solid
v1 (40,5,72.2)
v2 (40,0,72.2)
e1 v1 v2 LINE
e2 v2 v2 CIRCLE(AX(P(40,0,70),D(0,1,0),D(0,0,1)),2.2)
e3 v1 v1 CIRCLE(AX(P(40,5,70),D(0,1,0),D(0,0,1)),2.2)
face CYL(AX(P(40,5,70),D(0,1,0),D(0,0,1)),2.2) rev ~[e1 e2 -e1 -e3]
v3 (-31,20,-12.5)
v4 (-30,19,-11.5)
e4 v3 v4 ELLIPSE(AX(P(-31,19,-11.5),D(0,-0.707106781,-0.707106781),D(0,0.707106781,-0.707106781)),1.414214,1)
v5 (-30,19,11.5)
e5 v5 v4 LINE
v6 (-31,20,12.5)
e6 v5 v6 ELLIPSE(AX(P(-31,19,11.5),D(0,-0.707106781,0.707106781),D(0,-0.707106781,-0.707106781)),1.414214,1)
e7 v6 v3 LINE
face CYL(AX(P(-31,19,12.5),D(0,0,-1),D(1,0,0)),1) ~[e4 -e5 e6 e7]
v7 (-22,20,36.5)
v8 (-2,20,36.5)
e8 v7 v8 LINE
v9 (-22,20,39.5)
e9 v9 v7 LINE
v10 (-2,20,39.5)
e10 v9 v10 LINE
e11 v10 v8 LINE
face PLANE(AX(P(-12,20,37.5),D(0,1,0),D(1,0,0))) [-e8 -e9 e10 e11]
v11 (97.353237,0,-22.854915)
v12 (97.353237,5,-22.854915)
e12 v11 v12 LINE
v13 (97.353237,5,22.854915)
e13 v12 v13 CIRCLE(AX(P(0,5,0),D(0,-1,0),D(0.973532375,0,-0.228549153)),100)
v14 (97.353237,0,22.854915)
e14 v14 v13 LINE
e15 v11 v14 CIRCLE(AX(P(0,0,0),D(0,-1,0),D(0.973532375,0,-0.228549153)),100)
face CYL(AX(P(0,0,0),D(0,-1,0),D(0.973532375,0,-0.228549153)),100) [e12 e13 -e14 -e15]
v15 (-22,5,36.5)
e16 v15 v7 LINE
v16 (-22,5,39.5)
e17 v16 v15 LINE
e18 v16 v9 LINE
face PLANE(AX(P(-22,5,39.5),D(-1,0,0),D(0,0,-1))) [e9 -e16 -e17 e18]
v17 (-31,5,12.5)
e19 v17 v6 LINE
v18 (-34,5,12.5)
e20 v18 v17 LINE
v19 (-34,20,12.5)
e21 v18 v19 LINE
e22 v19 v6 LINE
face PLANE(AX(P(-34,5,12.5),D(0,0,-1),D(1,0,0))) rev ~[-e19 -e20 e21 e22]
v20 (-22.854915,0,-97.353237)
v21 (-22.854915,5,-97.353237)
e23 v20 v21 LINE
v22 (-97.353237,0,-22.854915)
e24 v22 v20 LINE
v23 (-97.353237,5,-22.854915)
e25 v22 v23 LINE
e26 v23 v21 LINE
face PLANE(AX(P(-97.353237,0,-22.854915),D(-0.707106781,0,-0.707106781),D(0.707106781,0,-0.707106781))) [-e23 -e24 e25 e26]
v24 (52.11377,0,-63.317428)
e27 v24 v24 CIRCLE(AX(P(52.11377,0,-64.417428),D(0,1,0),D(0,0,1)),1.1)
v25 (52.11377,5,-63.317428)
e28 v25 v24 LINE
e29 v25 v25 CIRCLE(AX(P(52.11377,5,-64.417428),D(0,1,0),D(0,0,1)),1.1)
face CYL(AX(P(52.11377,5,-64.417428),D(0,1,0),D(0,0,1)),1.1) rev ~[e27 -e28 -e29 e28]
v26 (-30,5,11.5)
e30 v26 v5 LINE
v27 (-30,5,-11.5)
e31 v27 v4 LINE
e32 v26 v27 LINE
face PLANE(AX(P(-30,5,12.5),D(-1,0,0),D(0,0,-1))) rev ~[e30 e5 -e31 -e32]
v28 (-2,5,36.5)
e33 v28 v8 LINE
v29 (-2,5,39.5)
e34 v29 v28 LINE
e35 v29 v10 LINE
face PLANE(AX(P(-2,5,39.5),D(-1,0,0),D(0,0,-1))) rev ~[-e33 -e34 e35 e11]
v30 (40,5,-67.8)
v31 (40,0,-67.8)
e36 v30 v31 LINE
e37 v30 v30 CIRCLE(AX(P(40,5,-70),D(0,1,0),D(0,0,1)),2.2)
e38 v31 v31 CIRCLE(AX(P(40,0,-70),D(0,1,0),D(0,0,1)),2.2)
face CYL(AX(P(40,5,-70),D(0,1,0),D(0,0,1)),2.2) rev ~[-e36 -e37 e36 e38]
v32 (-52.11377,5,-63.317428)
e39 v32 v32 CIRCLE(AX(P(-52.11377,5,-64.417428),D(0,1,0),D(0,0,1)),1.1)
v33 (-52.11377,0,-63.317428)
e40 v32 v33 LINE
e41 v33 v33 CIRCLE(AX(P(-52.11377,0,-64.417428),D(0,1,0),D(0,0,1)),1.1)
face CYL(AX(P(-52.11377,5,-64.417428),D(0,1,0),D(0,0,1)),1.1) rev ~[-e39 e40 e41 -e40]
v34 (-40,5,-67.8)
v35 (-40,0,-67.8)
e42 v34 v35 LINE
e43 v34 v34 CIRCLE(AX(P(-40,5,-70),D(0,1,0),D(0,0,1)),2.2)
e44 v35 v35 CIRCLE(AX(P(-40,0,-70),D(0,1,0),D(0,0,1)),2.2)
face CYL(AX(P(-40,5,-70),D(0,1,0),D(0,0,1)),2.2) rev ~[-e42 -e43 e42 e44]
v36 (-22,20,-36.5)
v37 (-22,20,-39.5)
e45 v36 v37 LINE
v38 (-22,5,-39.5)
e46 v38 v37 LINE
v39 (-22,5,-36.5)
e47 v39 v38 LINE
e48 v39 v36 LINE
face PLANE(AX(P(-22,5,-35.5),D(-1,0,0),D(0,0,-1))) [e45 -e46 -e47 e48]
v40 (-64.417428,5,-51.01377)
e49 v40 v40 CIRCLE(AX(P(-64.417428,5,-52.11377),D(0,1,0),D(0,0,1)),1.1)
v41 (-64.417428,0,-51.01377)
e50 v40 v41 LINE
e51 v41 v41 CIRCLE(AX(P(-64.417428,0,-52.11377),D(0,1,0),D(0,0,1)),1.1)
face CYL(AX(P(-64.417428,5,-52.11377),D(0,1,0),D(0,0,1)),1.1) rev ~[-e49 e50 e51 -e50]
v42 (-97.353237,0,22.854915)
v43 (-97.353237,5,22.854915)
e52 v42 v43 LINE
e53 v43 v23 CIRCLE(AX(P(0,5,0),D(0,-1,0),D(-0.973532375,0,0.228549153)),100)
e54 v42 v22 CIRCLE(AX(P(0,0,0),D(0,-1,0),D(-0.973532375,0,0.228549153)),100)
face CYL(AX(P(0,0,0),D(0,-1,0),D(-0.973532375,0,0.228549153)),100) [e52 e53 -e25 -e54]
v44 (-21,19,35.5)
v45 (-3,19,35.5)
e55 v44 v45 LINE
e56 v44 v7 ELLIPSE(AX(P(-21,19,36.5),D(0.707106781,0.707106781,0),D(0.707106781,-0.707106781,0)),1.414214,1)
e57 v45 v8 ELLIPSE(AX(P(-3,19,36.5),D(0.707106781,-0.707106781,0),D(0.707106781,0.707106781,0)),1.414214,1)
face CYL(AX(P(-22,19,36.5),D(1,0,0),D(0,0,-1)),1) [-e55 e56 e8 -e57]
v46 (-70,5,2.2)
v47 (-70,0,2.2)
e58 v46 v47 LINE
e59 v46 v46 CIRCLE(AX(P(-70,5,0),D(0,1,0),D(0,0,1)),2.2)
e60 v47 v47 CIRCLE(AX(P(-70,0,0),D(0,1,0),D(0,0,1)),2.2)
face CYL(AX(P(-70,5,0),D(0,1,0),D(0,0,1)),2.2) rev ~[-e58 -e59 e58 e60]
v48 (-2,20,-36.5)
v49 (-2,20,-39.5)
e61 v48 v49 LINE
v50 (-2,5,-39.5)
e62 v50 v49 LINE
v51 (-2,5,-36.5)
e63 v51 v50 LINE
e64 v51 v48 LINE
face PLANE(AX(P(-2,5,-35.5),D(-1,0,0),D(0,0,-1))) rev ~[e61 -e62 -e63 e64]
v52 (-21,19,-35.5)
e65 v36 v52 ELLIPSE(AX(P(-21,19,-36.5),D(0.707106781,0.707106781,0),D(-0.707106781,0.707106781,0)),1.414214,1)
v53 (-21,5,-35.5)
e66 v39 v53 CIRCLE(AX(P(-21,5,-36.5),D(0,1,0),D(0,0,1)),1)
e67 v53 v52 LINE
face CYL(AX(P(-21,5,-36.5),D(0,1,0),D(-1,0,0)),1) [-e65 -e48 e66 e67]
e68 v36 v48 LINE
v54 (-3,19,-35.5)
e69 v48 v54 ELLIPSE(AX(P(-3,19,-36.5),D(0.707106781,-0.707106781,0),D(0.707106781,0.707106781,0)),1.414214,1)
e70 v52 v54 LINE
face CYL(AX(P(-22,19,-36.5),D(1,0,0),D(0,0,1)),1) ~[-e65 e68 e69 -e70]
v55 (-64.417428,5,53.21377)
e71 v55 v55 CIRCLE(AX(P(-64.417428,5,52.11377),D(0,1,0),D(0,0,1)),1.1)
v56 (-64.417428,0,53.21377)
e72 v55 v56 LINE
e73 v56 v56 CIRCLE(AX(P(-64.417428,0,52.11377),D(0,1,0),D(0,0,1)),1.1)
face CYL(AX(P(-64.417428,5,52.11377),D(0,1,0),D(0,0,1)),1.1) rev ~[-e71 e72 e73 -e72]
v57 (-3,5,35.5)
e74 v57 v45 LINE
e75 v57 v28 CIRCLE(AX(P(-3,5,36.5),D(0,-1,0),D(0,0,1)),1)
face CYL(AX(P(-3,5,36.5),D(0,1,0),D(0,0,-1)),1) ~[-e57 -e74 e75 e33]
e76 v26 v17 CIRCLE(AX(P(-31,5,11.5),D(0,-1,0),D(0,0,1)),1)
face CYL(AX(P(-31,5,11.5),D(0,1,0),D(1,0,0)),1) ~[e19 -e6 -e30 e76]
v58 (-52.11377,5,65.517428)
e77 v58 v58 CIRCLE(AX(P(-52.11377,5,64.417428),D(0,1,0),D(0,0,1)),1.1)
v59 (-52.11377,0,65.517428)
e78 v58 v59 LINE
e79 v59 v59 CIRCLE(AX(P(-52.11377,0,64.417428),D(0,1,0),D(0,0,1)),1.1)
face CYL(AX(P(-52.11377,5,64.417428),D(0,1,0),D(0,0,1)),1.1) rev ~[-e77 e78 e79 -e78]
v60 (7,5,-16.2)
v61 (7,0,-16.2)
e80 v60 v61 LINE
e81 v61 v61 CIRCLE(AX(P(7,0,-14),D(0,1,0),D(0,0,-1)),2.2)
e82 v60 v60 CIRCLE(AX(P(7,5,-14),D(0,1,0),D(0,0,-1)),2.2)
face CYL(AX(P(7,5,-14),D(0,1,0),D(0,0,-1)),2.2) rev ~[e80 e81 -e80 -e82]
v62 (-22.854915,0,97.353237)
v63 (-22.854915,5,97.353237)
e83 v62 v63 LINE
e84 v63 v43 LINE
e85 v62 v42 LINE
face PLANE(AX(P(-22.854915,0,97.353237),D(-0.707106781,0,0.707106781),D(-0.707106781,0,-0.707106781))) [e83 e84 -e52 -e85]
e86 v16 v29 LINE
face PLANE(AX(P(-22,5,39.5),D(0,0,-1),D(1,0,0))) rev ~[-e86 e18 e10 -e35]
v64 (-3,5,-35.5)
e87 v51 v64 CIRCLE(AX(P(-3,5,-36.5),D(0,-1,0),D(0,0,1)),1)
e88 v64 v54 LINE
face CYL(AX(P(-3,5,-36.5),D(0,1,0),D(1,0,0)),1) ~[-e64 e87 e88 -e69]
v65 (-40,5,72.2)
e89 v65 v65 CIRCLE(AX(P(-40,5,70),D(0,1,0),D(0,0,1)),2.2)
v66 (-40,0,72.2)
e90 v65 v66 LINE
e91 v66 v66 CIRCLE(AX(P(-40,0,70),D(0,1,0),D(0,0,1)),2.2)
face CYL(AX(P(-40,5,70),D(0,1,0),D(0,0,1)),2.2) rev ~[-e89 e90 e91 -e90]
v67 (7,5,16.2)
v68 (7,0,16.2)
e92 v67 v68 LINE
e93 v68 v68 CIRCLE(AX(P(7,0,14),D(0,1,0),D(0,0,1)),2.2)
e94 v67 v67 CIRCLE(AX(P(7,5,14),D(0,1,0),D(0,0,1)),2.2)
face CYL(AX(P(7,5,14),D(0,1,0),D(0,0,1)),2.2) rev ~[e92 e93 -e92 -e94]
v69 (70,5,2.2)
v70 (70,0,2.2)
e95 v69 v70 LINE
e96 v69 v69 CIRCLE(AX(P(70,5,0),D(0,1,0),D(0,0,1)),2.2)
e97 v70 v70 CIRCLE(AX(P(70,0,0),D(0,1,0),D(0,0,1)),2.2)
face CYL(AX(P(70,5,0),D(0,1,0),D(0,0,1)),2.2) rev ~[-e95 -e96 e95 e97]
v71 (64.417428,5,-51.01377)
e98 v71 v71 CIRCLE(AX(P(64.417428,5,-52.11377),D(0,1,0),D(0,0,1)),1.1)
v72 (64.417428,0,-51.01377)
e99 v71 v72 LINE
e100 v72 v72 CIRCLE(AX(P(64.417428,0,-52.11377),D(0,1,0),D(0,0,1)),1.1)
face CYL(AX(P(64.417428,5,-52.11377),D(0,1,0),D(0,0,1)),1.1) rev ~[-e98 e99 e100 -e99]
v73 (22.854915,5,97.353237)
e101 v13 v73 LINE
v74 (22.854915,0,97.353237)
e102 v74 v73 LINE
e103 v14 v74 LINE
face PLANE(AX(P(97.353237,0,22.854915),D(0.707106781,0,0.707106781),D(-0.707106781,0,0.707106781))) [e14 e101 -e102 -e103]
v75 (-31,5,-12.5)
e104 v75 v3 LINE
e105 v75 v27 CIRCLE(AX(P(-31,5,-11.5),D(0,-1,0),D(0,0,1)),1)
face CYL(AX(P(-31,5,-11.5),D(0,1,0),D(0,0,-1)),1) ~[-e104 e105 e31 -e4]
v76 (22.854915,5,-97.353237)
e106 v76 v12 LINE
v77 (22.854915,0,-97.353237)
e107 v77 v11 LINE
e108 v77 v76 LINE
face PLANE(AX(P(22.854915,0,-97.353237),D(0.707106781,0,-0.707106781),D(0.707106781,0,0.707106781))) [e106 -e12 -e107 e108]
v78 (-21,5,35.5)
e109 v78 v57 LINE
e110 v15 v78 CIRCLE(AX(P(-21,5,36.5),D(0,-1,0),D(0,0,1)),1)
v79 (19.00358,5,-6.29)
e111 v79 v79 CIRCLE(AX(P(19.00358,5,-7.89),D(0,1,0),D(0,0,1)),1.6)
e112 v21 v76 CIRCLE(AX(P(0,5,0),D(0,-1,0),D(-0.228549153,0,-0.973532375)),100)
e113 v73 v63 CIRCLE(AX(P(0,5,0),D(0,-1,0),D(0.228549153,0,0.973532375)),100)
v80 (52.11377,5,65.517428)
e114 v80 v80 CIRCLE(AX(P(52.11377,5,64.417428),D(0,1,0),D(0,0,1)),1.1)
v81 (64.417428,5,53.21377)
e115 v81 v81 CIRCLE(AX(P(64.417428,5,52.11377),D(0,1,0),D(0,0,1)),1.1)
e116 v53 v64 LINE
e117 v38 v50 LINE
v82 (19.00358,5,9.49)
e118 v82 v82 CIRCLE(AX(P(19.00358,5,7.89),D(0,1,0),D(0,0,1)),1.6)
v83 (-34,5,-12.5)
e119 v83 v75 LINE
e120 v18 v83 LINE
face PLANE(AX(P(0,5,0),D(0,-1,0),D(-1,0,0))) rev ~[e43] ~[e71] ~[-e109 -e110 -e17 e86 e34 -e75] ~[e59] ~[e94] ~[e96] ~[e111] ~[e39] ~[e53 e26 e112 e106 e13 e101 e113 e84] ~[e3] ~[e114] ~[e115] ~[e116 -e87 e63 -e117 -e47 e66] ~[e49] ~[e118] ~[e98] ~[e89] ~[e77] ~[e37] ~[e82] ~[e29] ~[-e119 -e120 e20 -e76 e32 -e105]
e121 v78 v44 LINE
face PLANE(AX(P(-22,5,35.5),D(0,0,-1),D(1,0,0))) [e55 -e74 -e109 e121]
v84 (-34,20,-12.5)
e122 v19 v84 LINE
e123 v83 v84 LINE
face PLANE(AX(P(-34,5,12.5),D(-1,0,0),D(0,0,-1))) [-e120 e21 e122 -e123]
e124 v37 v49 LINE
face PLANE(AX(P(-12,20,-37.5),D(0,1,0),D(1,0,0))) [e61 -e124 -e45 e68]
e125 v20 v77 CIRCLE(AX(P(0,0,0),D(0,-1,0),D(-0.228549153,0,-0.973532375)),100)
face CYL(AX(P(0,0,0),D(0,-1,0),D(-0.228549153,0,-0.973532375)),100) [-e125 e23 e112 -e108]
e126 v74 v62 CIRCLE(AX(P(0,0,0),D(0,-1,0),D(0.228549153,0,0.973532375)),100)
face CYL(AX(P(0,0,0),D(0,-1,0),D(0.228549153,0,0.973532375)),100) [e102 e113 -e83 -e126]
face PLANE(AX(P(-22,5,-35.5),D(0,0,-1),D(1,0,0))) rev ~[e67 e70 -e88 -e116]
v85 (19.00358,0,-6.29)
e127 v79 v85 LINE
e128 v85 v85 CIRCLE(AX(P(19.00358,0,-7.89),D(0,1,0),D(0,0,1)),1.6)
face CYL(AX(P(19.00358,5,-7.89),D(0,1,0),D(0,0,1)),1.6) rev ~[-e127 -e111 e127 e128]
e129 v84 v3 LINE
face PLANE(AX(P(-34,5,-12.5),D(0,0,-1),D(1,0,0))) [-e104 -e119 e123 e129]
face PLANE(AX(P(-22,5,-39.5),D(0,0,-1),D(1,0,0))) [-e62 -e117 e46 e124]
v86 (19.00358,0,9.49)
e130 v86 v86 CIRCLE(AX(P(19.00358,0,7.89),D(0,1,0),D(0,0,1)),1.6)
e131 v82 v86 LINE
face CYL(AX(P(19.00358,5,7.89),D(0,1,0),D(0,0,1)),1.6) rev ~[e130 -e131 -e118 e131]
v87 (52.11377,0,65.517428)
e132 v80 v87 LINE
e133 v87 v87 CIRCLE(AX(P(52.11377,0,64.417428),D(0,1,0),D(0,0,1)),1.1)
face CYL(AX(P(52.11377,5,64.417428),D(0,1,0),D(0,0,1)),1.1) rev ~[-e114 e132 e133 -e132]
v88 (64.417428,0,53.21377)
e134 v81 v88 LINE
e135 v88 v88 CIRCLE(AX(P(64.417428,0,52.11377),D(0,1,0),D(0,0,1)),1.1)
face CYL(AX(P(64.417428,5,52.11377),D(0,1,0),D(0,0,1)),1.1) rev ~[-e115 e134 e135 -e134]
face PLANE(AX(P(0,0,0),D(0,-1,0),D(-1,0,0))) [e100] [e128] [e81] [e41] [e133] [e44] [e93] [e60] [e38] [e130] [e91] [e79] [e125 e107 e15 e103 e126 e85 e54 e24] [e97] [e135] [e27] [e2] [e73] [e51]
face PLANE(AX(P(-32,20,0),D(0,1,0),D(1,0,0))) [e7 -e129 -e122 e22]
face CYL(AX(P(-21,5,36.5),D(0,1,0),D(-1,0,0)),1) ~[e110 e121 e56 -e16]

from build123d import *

# Parameters (mm, degrees)
BOSS_EXTRUDE1_DEPTH = 5
SKETCH2_R           = 2.2
CUT_EXTRUDE1_DEPTH  = 142.509716981
SKETCH3_R           = 1.1
SKETCH3_R_2         = 1.6
CUT_EXTRUDE3_DEPTH  = 142.509716981
SKETCH3_3_W         = 20
SKETCH3_3_H         = 4
SKETCH3_3_W_2       = 4
SKETCH3_3_H_2       = 25
BOSS_EXTRUDE2_DEPTH = 15
FILLET1_R           = 1


with BuildPart() as part:
    # Sketch1 → Boss-Extrude1 (new body)
    with BuildSketch(Plane(origin=(0, 0, 0), x_dir=(1, 0, 0), z_dir=(0, 1, 0))):
        with BuildLine():
            Line((97.353237465, -22.854915336), (22.854915336, -97.353237465))
            ThreePointArc((22.854915336, -97.353237465), (0, -100), (-22.854915336, -97.353237465))
            Line((-22.854915336, -97.353237465), (-97.353237465, -22.854915336))
            ThreePointArc((-97.353237465, -22.854915336), (-100, 0), (-97.353237465, 22.854915336))
            Line((-97.353237465, 22.854915336), (-22.854915336, 97.353237465))
            ThreePointArc((-22.854915336, 97.353237465), (0, 100), (22.854915336, 97.353237465))
            Line((22.854915336, 97.353237465), (97.353237465, 22.854915336))
            ThreePointArc((97.353237465, 22.854915336), (100, 0), (97.353237465, -22.854915336))
        make_face()
    extrude(amount=BOSS_EXTRUDE1_DEPTH)

    # Sketch2 → Cut-Extrude1 (cut, through all)
    with BuildSketch(Plane(origin=(0, 5, 0), x_dir=(1, 0, 0), z_dir=(0, 1, 0))):
        with Locations((-40, -70)):
            Circle(SKETCH2_R)
        with Locations((40, -70)):
            Circle(SKETCH2_R)
        with Locations((40, 70)):
            Circle(SKETCH2_R)
        with Locations((-40, 70)):
            Circle(SKETCH2_R)
        with Locations((-70, 0)):
            Circle(SKETCH2_R)
        with Locations((70, 0)):
            Circle(SKETCH2_R)
        with Locations((7, -14)):
            Circle(SKETCH2_R)
        with Locations((7, 14)):
            Circle(SKETCH2_R)
    extrude(amount=-CUT_EXTRUDE1_DEPTH, mode=Mode.SUBTRACT)

    # Sketch3 → Cut-Extrude3 (cut, through all)
    with BuildSketch(Plane(origin=(0, 5, 0), x_dir=(1, 0, 0), z_dir=(0, 1, 0))):
        with Locations((-52.113769773, 64.417427766)):
            Circle(SKETCH3_R)
        with Locations((-64.417427766, 52.113769773)):
            Circle(SKETCH3_R)
        with Locations((64.417427766, 52.113769773)):
            Circle(SKETCH3_R)
        with Locations((52.113769773, 64.417427766)):
            Circle(SKETCH3_R)
        with Locations((52.113769773, -64.417427766)):
            Circle(SKETCH3_R)
        with Locations((64.417427766, -52.113769773)):
            Circle(SKETCH3_R)
        with Locations((-64.417427766, -52.113769773)):
            Circle(SKETCH3_R)
        with Locations((-52.113769773, -64.417427766)):
            Circle(SKETCH3_R)
        with Locations((19.00358005, 7.89)):
            Circle(SKETCH3_R_2)
        with Locations((19.00358005, -7.89)):
            Circle(SKETCH3_R_2)
    extrude(amount=-CUT_EXTRUDE3_DEPTH, mode=Mode.SUBTRACT)

    # Sketch3<3> → Boss-Extrude2 (add)
    with BuildSketch(Plane(origin=(0, 5, 0), x_dir=(1, 0, 0), z_dir=(0, 1, 0))):
        with Locations((-12, 37.5)):
            Rectangle(SKETCH3_3_W, SKETCH3_3_H)
        with Locations((-32, 0)):
            Rectangle(SKETCH3_3_W_2, SKETCH3_3_H_2)
        with Locations((-12, -37.5)):
            Rectangle(SKETCH3_3_W, SKETCH3_3_H)
    extrude(amount=BOSS_EXTRUDE2_DEPTH)

    # Fillet1
    fillet1_edges = [part.edges().sort_by_distance(p)[0] for p in [
        (-22, 12.5, 35.5),
        (-2, 12.5, -35.5),
        (-12, 20, -35.5),
        (-22, 12.5, -35.5),
        (-2, 12.5, 35.5),
        (-30, 12.5, 12.5),
        (-30, 12.5, -12.5),
        (-12, 20, 35.5),
        (-30, 20, 0),
    ]]
    fillet(fillet1_edges, radius=FILLET1_R)


solid = part.part
